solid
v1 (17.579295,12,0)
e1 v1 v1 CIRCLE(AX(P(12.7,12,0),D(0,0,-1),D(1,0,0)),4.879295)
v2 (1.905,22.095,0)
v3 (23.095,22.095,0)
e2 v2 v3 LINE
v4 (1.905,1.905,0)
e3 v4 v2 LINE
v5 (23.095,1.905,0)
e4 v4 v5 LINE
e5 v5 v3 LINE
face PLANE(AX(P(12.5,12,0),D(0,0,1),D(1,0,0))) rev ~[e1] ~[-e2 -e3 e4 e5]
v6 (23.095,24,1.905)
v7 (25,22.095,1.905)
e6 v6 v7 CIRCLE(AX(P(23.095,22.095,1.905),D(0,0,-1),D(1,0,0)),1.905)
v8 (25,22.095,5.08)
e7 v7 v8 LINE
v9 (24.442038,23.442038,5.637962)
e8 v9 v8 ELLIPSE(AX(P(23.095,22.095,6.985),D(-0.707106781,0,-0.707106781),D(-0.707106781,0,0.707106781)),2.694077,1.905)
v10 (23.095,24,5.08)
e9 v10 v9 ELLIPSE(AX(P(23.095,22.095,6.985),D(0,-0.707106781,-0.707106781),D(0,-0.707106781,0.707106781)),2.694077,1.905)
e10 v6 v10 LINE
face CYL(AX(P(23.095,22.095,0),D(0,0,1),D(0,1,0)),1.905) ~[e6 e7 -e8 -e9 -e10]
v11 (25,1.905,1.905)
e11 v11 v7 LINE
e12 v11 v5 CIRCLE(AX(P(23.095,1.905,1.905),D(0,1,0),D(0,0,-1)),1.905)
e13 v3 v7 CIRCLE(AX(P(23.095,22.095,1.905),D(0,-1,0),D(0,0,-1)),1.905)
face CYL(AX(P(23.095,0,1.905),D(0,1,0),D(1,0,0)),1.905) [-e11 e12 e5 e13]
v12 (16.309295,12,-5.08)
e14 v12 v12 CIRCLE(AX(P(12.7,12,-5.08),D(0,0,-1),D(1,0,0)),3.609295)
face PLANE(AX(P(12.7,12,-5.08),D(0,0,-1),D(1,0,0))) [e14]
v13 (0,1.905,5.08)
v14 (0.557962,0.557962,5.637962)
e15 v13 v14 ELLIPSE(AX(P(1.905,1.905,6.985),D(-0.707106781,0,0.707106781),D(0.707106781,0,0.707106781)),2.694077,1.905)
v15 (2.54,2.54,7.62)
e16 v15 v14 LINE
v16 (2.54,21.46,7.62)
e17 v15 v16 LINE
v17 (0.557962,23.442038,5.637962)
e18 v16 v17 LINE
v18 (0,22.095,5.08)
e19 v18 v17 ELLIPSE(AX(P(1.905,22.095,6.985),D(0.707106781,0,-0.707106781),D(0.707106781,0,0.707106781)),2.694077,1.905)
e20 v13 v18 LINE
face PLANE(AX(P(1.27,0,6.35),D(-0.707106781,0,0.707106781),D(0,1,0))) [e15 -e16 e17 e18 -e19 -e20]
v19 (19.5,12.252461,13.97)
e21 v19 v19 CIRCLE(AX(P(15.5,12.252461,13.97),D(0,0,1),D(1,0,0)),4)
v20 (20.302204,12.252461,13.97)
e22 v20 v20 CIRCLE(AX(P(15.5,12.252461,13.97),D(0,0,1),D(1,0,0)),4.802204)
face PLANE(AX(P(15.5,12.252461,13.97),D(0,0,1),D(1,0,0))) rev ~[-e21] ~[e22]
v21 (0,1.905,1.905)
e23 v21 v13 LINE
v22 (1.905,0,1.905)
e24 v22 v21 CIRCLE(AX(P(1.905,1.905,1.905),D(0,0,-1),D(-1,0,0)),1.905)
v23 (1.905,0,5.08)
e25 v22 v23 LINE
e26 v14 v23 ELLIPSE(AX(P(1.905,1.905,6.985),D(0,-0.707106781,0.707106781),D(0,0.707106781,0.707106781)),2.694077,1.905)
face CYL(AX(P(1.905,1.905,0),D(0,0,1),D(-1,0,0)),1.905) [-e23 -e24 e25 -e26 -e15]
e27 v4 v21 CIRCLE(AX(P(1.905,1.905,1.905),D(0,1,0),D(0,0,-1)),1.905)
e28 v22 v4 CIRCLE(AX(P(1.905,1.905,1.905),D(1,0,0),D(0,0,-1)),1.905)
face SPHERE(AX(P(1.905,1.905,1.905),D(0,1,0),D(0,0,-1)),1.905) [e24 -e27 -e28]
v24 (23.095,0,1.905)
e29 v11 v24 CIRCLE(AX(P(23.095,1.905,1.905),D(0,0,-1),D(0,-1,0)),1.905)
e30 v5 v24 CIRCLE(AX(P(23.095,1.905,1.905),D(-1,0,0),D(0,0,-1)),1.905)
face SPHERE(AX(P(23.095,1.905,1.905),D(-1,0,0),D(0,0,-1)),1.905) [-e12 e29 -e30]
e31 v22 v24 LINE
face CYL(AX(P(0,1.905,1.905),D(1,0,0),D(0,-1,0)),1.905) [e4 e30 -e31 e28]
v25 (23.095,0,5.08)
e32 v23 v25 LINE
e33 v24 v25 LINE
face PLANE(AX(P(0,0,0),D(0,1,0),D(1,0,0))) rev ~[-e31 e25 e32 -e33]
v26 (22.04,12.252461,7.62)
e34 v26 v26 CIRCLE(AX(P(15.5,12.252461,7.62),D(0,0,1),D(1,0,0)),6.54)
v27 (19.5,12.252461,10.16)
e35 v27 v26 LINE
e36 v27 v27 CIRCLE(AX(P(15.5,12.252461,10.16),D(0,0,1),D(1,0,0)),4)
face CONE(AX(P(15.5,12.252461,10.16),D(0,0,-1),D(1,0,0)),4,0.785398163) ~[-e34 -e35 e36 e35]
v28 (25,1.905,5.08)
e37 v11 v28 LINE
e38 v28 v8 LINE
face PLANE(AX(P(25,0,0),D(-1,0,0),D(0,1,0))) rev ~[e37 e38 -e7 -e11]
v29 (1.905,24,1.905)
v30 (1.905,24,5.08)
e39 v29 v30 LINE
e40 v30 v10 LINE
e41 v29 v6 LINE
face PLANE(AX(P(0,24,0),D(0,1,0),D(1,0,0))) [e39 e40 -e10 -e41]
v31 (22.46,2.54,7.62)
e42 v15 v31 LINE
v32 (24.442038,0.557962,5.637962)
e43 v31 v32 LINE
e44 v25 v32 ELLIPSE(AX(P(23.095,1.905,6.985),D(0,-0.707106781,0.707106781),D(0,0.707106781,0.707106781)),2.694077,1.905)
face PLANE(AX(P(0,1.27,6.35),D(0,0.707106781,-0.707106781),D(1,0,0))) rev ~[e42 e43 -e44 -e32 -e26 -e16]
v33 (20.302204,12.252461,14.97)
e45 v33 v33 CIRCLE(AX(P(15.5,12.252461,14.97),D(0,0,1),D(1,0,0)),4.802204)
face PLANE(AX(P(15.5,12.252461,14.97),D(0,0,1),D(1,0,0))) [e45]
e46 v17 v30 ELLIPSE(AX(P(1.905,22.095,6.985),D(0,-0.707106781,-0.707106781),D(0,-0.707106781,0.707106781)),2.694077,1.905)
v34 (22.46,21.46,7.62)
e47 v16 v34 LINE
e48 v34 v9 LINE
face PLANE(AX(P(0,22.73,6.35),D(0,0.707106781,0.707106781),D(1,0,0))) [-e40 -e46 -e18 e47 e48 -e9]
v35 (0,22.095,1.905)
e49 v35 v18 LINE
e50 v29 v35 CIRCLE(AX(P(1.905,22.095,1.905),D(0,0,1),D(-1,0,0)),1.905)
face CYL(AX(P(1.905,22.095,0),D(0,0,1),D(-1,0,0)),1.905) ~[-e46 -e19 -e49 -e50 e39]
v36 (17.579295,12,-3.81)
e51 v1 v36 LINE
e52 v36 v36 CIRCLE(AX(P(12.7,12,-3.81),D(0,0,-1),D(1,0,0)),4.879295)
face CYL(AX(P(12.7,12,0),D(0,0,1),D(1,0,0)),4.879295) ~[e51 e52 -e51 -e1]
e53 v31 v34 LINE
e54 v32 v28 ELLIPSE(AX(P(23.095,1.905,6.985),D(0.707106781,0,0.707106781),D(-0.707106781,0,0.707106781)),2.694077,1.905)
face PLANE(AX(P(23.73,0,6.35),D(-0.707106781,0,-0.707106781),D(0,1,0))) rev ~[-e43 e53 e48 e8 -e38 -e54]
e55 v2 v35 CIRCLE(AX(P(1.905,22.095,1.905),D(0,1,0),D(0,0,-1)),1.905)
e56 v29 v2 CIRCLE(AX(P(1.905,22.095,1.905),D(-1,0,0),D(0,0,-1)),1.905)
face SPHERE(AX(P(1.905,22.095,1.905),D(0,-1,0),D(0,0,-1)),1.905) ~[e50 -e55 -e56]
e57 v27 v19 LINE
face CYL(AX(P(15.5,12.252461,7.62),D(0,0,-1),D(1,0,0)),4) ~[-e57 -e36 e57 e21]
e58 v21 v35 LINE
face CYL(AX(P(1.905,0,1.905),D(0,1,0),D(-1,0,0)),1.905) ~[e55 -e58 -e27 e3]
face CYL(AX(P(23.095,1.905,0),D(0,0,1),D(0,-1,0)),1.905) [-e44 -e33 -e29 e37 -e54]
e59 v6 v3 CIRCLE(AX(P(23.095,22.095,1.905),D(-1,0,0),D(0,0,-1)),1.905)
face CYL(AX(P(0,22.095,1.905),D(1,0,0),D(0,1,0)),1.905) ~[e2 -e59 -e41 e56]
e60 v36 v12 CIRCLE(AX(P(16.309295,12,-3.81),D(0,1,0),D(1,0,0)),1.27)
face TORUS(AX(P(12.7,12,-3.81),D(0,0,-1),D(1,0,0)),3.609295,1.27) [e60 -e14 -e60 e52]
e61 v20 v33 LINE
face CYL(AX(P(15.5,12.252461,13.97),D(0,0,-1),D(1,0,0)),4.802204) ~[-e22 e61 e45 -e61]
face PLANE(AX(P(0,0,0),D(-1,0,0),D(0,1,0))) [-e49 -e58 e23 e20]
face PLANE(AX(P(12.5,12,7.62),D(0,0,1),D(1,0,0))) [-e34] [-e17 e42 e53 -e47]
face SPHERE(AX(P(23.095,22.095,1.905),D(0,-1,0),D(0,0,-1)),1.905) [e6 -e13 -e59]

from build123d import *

# Parameters (mm, degrees)
F0_W     = 25
F0_H     = 24
F1_DEPTH = 7.62
F2_R     = 4
F3_DEPTH = 6.35
F4_R     = 4.8022038817
F4_R_2   = 4
F5_DEPTH = 1
F6_SIZE  = 2.54
F7_R     = 1.905
F8_R     = 4.8792946489
F9_DEPTH = 5.08
F10_R    = 1.27


with BuildPart() as f1:
    # F0 (on Top) → F1 (new body)
    with BuildSketch(Plane.XY):
        with Locations((12.5, 12)):
            Rectangle(F0_W, F0_H)
    extrude(amount=F1_DEPTH)

    # F2 (on face) → F3 (join)
    with BuildSketch(Plane.XY.offset(7.62)):
        with Locations((15.5, 12.2524611652)):
            Circle(F2_R)
    extrude(amount=F3_DEPTH)

    # F4 (on face) → F5 (join)
    with BuildSketch(Plane.XY.offset(13.97)):
        with Locations((15.5, 12.2524611652)):
            Circle(F4_R)
        with Locations((15.5, 12.2524611652)):
            Circle(F4_R_2, mode=Mode.SUBTRACT)
        with Locations((15.5, 12.2524611652)):
            Circle(F4_R_2)
    extrude(amount=F5_DEPTH)

    # F6
    f6_edges = [f1.edges().sort_by_distance(p)[0] for p in [
        (0, 12, 7.62),
        (12.5, 24, 7.62),
        (12.5, 0, 7.62),
        (25, 12, 7.62),
        (11.5, 12.252461, 7.62),
    ]]
    chamfer(f6_edges, length=F6_SIZE)

    # F7
    f7_edges = [f1.edges().sort_by_distance(p)[0] for p in [
        (0, 12, 0),
        (12.5, 0, 0),
        (25, 12, 0),
        (12.5, 24, 0),
        (25, 24, 2.54),
        (25, 0, 2.54),
        (0, 0, 2.54),
        (0, 24, 2.54),
    ]]
    fillet(f7_edges, radius=F7_R)

    # F8 (on face) → F9 (join)
    with BuildSketch(Plane(origin=(0, 0, 0), x_dir=(1, 0, 0), z_dir=(0, 0, -1))):
        with Locations((12.7, -12)):
            Circle(F8_R)
    extrude(amount=F9_DEPTH)

    # F10
    f10_edges = [f1.edges().sort_by_distance(p)[0] for p in [
        (7.820705, 12, -5.08),
    ]]
    fillet(f10_edges, radius=F10_R)


solid = f1.part
